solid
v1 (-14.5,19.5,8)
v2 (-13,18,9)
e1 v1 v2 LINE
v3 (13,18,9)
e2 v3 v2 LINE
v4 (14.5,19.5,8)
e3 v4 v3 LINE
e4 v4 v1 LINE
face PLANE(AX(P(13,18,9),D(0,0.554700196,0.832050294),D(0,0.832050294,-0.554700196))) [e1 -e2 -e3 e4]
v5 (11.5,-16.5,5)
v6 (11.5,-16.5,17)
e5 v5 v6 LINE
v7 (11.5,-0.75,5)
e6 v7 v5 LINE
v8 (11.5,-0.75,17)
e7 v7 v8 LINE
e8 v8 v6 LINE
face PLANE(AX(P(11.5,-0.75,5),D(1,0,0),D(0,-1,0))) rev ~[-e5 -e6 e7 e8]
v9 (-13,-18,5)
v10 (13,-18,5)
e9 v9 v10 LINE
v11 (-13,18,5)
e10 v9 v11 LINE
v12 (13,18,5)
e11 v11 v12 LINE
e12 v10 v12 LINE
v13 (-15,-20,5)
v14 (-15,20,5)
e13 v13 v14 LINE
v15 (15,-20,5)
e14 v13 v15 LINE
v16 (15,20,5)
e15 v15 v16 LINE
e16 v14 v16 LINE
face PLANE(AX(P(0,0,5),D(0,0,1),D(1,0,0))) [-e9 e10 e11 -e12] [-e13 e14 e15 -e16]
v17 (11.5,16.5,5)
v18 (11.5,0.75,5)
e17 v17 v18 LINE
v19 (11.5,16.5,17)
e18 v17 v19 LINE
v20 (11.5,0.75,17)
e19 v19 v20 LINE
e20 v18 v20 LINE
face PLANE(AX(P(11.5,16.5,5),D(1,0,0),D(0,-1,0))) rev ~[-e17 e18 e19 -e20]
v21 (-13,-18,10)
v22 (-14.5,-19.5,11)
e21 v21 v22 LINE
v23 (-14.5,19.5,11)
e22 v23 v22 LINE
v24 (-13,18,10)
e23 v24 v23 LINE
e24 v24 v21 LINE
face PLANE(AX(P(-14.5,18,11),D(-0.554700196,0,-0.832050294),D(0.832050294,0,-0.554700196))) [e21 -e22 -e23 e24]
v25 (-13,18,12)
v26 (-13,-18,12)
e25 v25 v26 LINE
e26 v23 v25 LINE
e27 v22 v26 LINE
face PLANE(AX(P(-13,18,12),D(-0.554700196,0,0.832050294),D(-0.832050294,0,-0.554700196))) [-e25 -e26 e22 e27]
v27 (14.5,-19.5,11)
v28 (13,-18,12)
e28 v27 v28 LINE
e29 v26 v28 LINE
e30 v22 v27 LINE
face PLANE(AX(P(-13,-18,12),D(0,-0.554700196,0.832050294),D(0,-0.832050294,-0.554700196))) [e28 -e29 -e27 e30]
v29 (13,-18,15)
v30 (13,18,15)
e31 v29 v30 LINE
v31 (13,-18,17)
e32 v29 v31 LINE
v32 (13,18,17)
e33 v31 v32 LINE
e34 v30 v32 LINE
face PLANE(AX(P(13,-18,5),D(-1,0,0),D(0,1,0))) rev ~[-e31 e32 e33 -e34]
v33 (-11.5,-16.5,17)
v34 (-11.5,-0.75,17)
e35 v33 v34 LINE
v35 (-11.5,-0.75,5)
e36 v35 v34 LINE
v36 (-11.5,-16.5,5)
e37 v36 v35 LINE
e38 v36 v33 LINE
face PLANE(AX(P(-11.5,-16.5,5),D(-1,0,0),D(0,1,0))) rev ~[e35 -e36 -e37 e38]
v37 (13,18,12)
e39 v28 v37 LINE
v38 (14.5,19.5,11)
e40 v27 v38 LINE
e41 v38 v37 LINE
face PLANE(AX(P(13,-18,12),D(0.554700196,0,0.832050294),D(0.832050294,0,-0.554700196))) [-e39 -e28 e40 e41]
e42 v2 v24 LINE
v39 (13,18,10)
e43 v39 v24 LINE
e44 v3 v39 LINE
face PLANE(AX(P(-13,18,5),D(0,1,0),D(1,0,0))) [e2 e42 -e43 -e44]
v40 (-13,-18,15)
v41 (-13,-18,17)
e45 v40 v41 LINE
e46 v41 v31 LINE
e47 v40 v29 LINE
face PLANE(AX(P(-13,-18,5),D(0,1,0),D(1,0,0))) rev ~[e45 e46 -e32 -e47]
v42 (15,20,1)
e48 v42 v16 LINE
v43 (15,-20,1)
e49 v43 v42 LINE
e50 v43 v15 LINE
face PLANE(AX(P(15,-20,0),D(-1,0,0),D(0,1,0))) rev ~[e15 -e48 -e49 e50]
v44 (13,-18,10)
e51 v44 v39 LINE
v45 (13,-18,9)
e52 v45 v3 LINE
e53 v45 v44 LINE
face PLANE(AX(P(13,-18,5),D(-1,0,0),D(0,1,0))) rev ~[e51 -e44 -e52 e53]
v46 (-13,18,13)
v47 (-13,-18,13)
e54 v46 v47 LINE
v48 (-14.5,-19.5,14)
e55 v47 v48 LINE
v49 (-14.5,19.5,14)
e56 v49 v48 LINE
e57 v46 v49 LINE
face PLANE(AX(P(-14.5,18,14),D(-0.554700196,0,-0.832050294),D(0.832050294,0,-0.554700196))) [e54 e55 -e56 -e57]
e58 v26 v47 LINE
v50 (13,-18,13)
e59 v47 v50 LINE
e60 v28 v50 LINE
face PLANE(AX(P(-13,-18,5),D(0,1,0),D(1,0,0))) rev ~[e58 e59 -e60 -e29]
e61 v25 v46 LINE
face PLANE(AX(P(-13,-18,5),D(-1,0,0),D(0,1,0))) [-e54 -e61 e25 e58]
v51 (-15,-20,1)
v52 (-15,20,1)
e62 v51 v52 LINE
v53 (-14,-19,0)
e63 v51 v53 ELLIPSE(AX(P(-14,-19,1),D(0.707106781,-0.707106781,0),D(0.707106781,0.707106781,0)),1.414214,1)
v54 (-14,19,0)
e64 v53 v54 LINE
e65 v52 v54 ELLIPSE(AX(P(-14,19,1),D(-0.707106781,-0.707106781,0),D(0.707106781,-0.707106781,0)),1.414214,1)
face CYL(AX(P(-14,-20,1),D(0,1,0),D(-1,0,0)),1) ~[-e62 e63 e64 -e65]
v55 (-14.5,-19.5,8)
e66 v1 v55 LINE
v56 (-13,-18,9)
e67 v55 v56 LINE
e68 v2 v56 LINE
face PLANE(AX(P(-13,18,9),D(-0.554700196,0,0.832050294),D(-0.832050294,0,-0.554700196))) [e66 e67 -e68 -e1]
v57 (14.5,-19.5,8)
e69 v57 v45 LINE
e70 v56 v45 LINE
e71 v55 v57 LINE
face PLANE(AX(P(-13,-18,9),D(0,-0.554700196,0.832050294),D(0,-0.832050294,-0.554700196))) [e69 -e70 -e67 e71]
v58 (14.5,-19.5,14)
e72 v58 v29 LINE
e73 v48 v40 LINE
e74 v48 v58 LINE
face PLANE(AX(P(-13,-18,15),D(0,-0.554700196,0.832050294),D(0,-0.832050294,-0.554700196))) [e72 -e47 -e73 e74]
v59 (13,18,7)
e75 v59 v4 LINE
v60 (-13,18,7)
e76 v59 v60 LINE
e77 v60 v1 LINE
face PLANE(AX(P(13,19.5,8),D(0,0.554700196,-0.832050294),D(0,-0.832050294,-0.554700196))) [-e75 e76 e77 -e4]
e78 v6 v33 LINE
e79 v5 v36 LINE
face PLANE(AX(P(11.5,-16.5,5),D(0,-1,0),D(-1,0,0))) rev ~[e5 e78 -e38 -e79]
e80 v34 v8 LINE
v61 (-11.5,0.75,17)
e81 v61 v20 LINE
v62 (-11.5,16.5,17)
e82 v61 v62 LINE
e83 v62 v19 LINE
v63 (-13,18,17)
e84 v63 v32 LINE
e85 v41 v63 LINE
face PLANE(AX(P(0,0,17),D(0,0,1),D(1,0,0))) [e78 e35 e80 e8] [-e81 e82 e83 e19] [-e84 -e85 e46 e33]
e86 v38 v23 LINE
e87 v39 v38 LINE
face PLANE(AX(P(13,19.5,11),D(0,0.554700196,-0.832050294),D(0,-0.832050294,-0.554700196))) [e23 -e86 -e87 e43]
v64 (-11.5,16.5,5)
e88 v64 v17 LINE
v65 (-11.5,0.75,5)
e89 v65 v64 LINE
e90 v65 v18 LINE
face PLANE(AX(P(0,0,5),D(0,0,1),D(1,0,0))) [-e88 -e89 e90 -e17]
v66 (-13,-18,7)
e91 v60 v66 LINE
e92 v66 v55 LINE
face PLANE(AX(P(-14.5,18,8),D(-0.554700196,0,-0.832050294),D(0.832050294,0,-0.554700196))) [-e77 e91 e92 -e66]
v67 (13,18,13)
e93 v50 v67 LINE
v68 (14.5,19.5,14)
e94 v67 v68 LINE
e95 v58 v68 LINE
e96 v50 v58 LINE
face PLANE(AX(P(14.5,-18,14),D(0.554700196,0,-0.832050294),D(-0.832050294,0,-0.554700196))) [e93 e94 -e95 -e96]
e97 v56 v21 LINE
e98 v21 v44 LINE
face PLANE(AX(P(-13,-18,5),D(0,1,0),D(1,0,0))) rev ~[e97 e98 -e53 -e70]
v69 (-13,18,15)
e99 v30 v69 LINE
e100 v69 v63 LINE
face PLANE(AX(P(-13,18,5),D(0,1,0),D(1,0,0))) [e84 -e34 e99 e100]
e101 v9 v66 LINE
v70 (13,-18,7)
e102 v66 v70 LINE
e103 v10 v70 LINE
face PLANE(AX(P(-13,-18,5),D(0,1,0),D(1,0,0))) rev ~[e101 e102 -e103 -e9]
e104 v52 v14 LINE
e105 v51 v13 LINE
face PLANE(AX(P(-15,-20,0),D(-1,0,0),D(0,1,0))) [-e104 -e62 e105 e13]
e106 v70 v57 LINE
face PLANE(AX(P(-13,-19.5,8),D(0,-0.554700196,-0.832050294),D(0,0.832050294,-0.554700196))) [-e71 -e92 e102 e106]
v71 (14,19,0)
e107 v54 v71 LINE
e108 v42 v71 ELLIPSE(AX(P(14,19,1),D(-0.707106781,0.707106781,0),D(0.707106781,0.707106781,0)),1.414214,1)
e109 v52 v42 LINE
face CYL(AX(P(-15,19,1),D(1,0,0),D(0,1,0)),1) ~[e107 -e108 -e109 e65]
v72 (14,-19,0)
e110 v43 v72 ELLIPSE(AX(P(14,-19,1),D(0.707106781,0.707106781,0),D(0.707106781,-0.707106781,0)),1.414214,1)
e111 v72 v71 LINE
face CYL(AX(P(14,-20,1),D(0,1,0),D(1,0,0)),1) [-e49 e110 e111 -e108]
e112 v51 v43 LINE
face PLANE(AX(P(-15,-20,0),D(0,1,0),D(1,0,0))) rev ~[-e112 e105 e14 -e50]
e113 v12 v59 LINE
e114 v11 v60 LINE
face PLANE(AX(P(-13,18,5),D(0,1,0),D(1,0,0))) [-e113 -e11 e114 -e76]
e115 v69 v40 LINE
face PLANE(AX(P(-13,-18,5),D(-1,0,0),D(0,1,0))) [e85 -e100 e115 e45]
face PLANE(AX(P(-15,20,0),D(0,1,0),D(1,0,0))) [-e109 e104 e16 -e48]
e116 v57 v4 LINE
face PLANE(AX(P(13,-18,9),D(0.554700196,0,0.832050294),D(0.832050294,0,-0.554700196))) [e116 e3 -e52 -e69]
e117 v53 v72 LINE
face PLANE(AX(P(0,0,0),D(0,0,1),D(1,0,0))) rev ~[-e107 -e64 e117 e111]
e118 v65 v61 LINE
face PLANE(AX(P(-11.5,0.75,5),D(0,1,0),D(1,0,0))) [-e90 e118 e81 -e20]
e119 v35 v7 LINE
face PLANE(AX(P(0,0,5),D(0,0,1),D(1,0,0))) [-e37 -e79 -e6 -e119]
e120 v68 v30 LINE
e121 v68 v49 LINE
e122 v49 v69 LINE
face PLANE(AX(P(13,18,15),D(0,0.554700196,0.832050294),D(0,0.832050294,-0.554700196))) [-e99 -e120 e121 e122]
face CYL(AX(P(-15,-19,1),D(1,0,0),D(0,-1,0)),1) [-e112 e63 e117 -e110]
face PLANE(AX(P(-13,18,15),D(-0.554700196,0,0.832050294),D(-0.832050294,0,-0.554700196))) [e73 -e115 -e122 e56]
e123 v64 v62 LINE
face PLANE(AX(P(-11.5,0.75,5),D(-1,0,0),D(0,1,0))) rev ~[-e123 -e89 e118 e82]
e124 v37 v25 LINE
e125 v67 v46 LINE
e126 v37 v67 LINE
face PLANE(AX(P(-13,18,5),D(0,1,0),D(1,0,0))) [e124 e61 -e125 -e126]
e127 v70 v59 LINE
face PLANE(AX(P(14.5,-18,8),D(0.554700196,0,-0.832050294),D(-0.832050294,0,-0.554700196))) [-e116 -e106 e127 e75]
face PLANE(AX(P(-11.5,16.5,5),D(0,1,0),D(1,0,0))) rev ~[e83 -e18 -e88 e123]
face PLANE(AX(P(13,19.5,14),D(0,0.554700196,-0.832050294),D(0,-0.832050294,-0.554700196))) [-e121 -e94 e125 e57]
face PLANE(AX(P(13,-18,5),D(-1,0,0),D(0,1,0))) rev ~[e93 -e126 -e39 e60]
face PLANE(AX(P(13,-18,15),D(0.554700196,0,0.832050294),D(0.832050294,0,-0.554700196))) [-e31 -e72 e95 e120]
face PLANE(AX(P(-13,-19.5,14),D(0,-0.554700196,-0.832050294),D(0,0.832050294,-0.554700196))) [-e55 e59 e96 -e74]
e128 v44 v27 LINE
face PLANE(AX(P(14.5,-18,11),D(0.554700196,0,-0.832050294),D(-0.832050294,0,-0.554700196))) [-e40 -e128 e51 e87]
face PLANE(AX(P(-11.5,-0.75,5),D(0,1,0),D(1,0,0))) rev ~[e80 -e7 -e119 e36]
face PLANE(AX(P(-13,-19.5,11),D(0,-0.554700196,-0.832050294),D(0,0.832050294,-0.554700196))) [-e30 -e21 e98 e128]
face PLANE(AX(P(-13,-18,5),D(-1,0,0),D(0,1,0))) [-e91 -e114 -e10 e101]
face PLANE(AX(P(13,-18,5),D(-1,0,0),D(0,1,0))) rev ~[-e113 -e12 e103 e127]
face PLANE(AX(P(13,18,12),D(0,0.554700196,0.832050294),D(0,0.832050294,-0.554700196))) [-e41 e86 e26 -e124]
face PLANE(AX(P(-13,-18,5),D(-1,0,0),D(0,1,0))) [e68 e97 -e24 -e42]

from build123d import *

# Parameters (mm, degrees)
F0_W     = 30
F0_H     = 40
F1_DEPTH = 5
F2_R     = 1
F3_W     = 26
F3_H     = 36
F3_W_2   = 23
F3_H_2   = 1.5
F4_DEPTH = 12


with BuildPart() as f1:
    # F0 (on Top) → F1 (new body)
    with BuildSketch(Plane.XY):
        Rectangle(F0_W, F0_H)
    extrude(amount=F1_DEPTH)

    # F2
    f2_edges = [f1.edges().sort_by_distance(p)[0] for p in [
        (0, -20, 0),
        (15, 0, 0),
        (0, 20, 0),
        (-15, 0, 0),
    ]]
    fillet(f2_edges, radius=F2_R)

    # F3 (on face) → F4 (join)
    with BuildSketch(Plane.XY.offset(5)):
        Rectangle(F3_W, F3_H)
        Polygon((-11.5, 16.5), (11.5, 16.5), (11.5, 0.75), (11.5, -0.75), (11.5, -16.5), (-11.5, -16.5), (-11.5, -0.75), (-11.5, 0.75), align=None, mode=Mode.SUBTRACT)
        Rectangle(F3_W_2, F3_H_2)
    extrude(amount=F4_DEPTH)

    # F6: sweep along a path in F6_path
    with BuildLine(Plane(origin=(-13, 18, 17), x_dir=(0, -1, 0), z_dir=(0, 0, -1))) as f6_path:
        Line((0, 0), (36, 0))
        Line((36, 0), (36, -26))
        Line((36, -26), (0, -26))
        Line((0, -26), (0, 0))
    # F5 (on face) → F6 (sweep)
    with BuildSketch(Plane.XZ.offset(18)):
        Polygon((-14.5, 8), (-13, 7), (-13, 9), align=None)
        Polygon((-14.5, 11), (-13, 10), (-13, 12), align=None)
        Polygon((-14.5, 14), (-13, 13), (-13, 15), align=None)
    sweep(path=f6_path.line, transition=Transition.RIGHT)


solid = f1.part
